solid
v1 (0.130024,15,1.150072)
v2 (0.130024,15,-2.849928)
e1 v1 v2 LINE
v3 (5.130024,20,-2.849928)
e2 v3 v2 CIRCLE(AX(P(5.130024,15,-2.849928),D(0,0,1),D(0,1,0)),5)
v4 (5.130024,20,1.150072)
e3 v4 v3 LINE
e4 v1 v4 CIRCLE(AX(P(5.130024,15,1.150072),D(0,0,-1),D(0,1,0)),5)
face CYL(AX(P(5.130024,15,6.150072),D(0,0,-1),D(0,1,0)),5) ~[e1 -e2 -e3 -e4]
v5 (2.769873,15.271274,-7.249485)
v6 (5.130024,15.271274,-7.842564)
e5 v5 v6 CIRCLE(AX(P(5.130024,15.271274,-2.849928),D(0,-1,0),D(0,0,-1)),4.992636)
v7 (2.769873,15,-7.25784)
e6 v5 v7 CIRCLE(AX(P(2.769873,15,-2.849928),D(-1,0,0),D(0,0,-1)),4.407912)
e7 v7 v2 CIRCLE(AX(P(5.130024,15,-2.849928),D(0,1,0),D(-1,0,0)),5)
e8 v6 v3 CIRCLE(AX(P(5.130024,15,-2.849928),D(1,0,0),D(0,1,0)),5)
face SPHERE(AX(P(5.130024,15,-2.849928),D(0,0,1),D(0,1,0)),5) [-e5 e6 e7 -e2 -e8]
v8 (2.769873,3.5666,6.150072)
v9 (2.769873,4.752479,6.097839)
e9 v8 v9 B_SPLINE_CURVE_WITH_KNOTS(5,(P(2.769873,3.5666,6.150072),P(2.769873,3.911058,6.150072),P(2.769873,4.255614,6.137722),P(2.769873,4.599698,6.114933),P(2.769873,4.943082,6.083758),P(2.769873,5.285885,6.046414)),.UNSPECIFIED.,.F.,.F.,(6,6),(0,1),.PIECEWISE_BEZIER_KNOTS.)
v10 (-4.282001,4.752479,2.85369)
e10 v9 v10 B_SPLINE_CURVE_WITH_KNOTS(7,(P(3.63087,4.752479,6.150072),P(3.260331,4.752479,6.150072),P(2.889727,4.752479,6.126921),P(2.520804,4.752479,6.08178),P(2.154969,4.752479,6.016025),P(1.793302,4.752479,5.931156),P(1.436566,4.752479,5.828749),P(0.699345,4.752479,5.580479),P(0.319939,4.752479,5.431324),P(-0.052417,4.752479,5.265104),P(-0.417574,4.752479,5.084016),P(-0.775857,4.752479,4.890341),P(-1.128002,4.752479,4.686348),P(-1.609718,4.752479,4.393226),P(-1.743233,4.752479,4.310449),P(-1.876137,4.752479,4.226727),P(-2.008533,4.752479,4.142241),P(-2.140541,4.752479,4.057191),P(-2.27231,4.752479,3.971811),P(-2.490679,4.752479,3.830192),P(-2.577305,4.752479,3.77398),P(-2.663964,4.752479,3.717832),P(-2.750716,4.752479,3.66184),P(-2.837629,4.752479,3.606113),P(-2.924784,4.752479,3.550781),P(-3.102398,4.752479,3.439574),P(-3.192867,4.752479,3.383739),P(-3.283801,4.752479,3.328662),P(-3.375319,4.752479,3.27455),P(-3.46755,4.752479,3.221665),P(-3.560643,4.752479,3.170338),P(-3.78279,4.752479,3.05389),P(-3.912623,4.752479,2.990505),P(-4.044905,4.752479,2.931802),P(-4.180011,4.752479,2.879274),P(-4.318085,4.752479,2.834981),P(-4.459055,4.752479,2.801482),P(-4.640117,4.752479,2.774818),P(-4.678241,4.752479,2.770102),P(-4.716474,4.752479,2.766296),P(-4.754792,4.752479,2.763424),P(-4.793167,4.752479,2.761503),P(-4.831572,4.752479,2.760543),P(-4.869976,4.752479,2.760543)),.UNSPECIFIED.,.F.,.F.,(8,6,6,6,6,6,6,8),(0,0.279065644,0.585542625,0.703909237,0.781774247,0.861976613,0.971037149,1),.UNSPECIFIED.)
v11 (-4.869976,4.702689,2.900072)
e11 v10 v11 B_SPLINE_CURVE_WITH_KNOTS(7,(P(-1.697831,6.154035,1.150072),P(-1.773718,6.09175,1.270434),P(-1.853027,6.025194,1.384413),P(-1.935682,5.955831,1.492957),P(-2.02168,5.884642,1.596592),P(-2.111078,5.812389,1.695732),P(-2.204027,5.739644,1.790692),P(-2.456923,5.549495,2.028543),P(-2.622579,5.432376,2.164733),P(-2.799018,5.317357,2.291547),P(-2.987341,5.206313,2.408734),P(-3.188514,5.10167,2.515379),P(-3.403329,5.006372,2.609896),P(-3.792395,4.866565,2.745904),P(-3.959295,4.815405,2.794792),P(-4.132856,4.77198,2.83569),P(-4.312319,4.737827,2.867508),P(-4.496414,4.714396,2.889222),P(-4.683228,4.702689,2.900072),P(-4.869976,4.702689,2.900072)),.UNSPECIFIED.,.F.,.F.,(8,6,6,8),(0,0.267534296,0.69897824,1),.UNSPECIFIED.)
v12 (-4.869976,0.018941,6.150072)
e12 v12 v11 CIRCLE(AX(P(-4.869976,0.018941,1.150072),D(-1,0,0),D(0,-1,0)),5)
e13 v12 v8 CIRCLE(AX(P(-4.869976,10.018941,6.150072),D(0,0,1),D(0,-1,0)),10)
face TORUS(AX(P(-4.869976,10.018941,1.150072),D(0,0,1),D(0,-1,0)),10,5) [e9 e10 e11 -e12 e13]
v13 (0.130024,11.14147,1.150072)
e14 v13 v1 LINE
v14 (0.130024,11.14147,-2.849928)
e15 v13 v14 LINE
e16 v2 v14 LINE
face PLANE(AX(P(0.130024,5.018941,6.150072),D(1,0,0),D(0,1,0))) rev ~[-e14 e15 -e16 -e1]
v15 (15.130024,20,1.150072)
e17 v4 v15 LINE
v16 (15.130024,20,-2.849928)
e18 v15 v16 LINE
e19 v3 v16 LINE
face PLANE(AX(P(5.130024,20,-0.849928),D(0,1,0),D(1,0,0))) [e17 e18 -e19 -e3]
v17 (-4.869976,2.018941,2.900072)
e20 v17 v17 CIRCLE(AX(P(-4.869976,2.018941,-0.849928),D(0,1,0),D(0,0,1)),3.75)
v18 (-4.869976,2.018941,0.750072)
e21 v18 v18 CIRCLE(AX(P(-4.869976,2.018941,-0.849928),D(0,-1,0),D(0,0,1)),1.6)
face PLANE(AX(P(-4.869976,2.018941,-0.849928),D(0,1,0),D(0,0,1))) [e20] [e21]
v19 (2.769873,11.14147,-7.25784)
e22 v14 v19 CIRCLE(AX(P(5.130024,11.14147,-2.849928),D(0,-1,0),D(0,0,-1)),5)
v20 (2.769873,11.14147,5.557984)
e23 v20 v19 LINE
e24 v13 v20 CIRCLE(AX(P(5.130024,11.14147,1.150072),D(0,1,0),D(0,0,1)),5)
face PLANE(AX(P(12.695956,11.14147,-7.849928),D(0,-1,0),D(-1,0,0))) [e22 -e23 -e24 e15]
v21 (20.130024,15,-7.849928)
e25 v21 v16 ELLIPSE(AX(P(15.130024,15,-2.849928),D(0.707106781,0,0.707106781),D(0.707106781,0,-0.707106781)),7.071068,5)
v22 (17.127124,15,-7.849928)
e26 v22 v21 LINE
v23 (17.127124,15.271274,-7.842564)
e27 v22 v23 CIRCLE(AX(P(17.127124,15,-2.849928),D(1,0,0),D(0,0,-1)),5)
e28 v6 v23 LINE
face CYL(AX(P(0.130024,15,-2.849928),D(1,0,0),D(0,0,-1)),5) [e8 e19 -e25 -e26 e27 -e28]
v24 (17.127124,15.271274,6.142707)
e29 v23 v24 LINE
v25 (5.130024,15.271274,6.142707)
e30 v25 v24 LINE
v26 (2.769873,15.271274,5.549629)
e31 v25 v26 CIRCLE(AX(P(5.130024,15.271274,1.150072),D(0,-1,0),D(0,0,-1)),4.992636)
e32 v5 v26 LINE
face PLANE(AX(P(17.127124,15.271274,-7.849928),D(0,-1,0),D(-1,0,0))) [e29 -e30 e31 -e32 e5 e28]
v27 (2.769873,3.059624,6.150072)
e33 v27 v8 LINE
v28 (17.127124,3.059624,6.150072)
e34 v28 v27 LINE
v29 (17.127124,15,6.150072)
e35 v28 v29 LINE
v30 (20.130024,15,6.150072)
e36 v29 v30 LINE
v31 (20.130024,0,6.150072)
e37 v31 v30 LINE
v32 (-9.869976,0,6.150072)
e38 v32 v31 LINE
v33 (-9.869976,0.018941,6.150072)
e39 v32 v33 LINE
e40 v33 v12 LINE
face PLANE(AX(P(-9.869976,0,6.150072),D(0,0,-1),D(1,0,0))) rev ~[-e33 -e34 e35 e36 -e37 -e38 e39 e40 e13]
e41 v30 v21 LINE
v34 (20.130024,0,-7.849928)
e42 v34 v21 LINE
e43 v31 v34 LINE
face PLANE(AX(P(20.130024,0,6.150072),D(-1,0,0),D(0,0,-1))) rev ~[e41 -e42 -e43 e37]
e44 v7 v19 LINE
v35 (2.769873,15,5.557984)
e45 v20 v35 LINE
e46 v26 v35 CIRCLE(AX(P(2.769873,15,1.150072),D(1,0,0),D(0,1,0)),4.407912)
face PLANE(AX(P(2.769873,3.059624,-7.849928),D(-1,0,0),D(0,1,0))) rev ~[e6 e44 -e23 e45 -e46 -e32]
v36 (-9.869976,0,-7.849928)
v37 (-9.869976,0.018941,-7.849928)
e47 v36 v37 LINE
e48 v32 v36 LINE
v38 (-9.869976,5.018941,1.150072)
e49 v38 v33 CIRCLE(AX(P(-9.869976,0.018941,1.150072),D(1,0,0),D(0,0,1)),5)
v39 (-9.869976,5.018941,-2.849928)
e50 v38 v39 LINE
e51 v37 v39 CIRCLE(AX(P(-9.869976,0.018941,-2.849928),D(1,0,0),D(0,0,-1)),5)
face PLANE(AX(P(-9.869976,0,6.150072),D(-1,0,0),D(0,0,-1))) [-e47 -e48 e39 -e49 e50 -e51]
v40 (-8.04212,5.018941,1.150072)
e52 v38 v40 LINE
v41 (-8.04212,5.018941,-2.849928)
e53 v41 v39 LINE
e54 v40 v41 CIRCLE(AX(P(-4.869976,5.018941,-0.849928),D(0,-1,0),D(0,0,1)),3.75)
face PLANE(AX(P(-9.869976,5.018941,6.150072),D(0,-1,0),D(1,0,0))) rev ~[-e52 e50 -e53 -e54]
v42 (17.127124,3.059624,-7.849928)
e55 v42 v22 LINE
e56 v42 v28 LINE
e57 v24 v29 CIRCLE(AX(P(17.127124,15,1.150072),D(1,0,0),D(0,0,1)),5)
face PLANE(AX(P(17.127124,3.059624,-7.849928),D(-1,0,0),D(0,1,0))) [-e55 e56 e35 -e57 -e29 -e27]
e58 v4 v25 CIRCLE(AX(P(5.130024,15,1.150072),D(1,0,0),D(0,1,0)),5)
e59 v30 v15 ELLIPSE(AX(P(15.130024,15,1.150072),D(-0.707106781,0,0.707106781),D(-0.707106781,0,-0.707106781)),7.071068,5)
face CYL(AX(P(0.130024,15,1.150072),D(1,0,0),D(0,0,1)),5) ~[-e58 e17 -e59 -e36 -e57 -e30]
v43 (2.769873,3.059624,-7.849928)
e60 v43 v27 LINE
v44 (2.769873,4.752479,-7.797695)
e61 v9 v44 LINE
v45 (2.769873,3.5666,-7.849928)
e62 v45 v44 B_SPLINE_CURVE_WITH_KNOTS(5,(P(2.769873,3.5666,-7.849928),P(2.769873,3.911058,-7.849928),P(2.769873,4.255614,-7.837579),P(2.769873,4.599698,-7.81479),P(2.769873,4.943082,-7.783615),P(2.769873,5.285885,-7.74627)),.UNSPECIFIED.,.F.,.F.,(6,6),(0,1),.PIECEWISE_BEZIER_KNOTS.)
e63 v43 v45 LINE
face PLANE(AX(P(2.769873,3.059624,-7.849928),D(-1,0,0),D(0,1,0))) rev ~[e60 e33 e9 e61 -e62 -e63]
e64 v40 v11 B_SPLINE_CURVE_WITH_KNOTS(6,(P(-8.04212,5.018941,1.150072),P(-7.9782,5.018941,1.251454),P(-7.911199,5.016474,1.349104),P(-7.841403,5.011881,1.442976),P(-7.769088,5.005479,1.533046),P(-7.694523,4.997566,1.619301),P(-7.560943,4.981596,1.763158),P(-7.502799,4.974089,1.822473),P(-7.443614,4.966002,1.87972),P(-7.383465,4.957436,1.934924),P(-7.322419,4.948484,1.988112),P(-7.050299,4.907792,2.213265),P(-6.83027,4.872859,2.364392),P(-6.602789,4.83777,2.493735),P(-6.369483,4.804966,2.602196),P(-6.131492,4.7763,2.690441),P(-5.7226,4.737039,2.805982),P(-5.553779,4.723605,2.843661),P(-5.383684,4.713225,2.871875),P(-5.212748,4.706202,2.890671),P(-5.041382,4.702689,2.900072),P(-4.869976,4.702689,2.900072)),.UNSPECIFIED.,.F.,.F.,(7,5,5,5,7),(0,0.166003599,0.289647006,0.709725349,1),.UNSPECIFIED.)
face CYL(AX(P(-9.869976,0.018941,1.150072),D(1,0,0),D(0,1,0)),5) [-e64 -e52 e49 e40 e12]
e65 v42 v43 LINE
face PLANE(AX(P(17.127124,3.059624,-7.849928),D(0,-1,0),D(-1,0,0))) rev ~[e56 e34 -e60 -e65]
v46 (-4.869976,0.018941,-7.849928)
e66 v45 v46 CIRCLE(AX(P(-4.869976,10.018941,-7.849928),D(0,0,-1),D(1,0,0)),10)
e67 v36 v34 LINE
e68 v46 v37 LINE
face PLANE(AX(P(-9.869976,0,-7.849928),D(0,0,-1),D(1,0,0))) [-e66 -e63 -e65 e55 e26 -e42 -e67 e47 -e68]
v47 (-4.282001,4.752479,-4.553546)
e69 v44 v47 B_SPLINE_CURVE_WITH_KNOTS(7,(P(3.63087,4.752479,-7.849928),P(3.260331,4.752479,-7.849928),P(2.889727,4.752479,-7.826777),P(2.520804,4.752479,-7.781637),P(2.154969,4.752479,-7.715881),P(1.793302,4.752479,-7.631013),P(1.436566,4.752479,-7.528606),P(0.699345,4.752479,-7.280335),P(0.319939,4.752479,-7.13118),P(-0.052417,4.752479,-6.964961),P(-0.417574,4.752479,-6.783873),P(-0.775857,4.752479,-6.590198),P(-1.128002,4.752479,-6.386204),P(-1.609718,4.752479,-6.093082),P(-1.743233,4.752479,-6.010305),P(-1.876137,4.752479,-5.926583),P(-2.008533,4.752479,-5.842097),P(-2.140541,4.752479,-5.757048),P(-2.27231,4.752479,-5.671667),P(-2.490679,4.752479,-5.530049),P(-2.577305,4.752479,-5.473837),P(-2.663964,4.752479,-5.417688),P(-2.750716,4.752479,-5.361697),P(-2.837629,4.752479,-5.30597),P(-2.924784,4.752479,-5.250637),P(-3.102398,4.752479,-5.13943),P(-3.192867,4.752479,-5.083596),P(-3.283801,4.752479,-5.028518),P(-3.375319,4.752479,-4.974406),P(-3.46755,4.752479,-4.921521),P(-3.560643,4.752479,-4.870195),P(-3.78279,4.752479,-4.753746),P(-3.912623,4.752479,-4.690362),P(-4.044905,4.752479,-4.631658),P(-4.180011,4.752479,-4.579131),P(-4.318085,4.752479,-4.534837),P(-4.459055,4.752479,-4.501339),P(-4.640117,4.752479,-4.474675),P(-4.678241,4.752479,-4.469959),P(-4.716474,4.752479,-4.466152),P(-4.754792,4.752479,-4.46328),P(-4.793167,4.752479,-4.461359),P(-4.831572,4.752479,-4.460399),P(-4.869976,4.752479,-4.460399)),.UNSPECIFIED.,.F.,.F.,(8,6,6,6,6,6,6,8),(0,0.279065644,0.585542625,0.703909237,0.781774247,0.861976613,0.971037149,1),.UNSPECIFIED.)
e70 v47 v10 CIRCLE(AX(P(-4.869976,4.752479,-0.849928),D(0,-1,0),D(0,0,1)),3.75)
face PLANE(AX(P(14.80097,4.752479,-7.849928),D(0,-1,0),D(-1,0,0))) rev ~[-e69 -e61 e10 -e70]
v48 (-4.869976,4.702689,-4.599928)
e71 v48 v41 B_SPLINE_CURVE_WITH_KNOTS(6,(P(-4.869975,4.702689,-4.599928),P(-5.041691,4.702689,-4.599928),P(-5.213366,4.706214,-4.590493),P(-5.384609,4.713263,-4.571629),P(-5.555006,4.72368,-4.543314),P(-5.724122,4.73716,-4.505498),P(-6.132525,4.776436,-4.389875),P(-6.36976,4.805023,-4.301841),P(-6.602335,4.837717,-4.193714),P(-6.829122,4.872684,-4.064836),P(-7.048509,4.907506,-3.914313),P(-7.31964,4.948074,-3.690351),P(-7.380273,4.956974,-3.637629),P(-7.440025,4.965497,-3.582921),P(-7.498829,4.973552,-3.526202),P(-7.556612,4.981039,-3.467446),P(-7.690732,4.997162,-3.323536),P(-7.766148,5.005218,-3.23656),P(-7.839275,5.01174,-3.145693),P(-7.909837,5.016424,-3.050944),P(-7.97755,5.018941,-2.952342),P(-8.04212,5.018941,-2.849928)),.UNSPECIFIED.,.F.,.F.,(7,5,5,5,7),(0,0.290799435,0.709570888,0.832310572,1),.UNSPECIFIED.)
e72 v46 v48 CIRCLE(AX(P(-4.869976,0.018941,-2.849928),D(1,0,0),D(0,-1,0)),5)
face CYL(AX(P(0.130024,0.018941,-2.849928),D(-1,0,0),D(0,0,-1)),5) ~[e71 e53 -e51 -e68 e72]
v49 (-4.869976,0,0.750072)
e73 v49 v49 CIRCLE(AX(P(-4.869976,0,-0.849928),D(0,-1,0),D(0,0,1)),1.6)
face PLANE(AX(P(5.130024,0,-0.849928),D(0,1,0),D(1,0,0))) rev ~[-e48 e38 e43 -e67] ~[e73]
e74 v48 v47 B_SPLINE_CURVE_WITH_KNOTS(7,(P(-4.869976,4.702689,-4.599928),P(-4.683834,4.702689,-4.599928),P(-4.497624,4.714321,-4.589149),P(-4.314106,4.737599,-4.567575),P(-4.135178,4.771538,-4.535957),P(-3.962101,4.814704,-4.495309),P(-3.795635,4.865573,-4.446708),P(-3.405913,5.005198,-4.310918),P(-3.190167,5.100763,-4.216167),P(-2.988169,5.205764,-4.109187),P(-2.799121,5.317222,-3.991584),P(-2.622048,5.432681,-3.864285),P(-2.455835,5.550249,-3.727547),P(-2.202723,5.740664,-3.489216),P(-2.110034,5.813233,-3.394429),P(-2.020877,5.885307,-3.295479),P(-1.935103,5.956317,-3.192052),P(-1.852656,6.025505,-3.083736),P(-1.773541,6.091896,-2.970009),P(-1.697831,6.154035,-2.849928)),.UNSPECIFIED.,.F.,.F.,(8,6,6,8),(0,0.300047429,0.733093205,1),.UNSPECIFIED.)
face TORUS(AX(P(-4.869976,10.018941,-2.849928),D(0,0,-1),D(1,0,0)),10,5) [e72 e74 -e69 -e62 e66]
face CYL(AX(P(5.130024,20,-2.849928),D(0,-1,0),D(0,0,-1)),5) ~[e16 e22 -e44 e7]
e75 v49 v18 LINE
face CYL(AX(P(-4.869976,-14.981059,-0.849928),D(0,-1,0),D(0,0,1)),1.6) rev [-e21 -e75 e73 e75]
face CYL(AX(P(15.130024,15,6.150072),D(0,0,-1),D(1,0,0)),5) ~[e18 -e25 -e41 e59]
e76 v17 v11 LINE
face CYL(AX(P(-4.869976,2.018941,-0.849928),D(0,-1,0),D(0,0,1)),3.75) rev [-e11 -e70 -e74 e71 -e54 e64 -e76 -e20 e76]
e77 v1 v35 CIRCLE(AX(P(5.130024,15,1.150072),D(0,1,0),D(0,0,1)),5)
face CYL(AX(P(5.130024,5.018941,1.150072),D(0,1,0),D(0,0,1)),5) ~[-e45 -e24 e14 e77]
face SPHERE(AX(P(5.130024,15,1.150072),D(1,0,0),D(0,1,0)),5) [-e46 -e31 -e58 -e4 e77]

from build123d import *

# Parameters (mm, degrees)
SKETCH1_W               = 30
SKETCH1_H               = 14
BOSS_EXTRUDE1_DEPTH     = 20
SKETCH2_W               = 10
SKETCH2_H               = 14.981059247
CUT_EXTRUDE1_DEPTH      = 20
FILLET1_R               = 5
SKETCH3_W               = 16.938954743
SKETCH3_H               = 3.286131709
CUT_EXTRUDE2_DEPTH      = 20
SKETCH4_W               = 7.5
SKETCH4_H               = 10.24752105
CUT_EXTRUDE3_DEPTH      = 20
CUT_EXTRUDE5_DEPTH      = 20
CUT_EXTRUDE5_DEPTH_BACK = 20
SKETCH5_R               = 1.6
CUT_EXTRUDE6_DEPTH      = 5
CUT_EXTRUDE6_DEPTH_BACK = 3
SKETCH6_R               = 3.75
SKETCH8_W               = 10.467205443
SKETCH8_H               = 5.426445144
CUT_EXTRUDE8_DEPTH      = 20
SKETCH9_W               = 2.170946208
SKETCH9_H               = 10.24752105
CUT_EXTRUDE9_DEPTH      = 20
SKETCH10_W              = 14.357250264
SKETCH10_H              = 12.211649431
CUT_EXTRUDE12_DEPTH     = 20


with BuildPart() as part:
    # Sketch1 → Boss-Extrude1 (new body)
    with BuildSketch(Plane(origin=(0, 0, 0), x_dir=(1, 0, 0), z_dir=(0, 1, 0))):
        with Locations((5.130024125, 0.849928215)):
            Rectangle(SKETCH1_W, SKETCH1_H)
    extrude(amount=BOSS_EXTRUDE1_DEPTH)

    # Sketch2 → Cut-Extrude1 (cut)
    with BuildSketch(Plane.XY.offset(6.150071785)):
        with Locations((-4.869975875, 12.509470377)):
            Rectangle(SKETCH2_W, SKETCH2_H)
    extrude(amount=-CUT_EXTRUDE1_DEPTH, mode=Mode.SUBTRACT)

    # Fillet1
    fillet1_edges = [part.edges().sort_by_distance(p)[0] for p in [
        (20.130024125, 20, -0.849928215),
        (10.130024125, 20, 6.150071785),
        (0.130024125, 20, -0.849928215),
        (-4.869975875, 5.018940753, -7.849928215),
        (10.130024125, 20, -7.849928215),
        (0.130024125, 5.018940753, -0.849928215),
        (0.130024125, 12.509470377, -7.849928215),
        (-4.869975875, 5.018940753, 6.150071785),
        (0.130024125, 12.509470377, 6.150071785),
    ]]
    fillet(fillet1_edges, radius=FILLET1_R)

    # Sketch3 → Cut-Extrude2 (cut)
    with BuildSketch(Plane(origin=(0, 0, -7.849928215), x_dir=(-1, 0, 0), z_dir=(0, 0, -1))):
        with Locations((-4.226478324, 9.498403921)):
            Rectangle(SKETCH3_W, SKETCH3_H)
    extrude(amount=-CUT_EXTRUDE2_DEPTH, mode=Mode.SUBTRACT)

    # Sketch4 → Cut-Extrude3 (cut)
    with BuildSketch(Plane(origin=(0, 0, -7.849928215), x_dir=(-1, 0, 0), z_dir=(0, 0, -1))):
        with Locations((-8.880024125, 9.876239475)):
            Rectangle(SKETCH4_W, SKETCH4_H)
    extrude(amount=-CUT_EXTRUDE3_DEPTH, mode=Mode.SUBTRACT)

    # Sketch5 → Cut-Extrude5 (cut, two sides: drawn at the far end of the back side and taken through both)
    with BuildSketch(Plane(origin=(0, 5.018940753, 0), x_dir=(1, 0, 0), z_dir=(0, 1, 0)).offset(-CUT_EXTRUDE5_DEPTH_BACK)):
        with Locations(Location((-4.869975875, 0.849928215, 0), (0, 0, 270))):
            Circle(SKETCH5_R)
    extrude(amount=CUT_EXTRUDE5_DEPTH + CUT_EXTRUDE5_DEPTH_BACK, mode=Mode.SUBTRACT)

    # Sketch6 → Cut-Extrude6 (cut, two sides: drawn at the far end of the back side and taken through both)
    with BuildSketch(Plane(origin=(0, 5.018940753, 0), x_dir=(1, 0, 0), z_dir=(0, 1, 0)).offset(-CUT_EXTRUDE6_DEPTH_BACK)):
        with Locations(Location((-4.869975875, 0.849928215, 0), (0, 0, 270))):
            Circle(SKETCH6_R)
    extrude(amount=CUT_EXTRUDE6_DEPTH + CUT_EXTRUDE6_DEPTH_BACK, mode=Mode.SUBTRACT)

    # Sketch8 → Cut-Extrude8 (cut)
    with BuildSketch(Plane(origin=(0, 0, -7.849928215), x_dir=(-1, 0, 0), z_dir=(0, 0, -1))):
        with Locations((0.103578597, 7.465701522)):
            Rectangle(SKETCH8_W, SKETCH8_H)
    extrude(amount=-CUT_EXTRUDE8_DEPTH, mode=Mode.SUBTRACT)

    # Sketch9 → Cut-Extrude9 (cut)
    with BuildSketch(Plane(origin=(0, 0, -7.849928215), x_dir=(-1, 0, 0), z_dir=(0, 0, -1))):
        with Locations((-13.715497229, 9.876239475)):
            Rectangle(SKETCH9_W, SKETCH9_H)
    extrude(amount=-CUT_EXTRUDE9_DEPTH, mode=Mode.SUBTRACT)

    # Sketch10 → Cut-Extrude12 (cut)
    with BuildSketch(Plane(origin=(0, 0, -7.849928215), x_dir=(-1, 0, 0), z_dir=(0, 0, -1))):
        with Locations((-9.948498564, 9.165448936)):
            Rectangle(SKETCH10_W, SKETCH10_H)
    extrude(amount=-CUT_EXTRUDE12_DEPTH, mode=Mode.SUBTRACT)


solid = part.part
